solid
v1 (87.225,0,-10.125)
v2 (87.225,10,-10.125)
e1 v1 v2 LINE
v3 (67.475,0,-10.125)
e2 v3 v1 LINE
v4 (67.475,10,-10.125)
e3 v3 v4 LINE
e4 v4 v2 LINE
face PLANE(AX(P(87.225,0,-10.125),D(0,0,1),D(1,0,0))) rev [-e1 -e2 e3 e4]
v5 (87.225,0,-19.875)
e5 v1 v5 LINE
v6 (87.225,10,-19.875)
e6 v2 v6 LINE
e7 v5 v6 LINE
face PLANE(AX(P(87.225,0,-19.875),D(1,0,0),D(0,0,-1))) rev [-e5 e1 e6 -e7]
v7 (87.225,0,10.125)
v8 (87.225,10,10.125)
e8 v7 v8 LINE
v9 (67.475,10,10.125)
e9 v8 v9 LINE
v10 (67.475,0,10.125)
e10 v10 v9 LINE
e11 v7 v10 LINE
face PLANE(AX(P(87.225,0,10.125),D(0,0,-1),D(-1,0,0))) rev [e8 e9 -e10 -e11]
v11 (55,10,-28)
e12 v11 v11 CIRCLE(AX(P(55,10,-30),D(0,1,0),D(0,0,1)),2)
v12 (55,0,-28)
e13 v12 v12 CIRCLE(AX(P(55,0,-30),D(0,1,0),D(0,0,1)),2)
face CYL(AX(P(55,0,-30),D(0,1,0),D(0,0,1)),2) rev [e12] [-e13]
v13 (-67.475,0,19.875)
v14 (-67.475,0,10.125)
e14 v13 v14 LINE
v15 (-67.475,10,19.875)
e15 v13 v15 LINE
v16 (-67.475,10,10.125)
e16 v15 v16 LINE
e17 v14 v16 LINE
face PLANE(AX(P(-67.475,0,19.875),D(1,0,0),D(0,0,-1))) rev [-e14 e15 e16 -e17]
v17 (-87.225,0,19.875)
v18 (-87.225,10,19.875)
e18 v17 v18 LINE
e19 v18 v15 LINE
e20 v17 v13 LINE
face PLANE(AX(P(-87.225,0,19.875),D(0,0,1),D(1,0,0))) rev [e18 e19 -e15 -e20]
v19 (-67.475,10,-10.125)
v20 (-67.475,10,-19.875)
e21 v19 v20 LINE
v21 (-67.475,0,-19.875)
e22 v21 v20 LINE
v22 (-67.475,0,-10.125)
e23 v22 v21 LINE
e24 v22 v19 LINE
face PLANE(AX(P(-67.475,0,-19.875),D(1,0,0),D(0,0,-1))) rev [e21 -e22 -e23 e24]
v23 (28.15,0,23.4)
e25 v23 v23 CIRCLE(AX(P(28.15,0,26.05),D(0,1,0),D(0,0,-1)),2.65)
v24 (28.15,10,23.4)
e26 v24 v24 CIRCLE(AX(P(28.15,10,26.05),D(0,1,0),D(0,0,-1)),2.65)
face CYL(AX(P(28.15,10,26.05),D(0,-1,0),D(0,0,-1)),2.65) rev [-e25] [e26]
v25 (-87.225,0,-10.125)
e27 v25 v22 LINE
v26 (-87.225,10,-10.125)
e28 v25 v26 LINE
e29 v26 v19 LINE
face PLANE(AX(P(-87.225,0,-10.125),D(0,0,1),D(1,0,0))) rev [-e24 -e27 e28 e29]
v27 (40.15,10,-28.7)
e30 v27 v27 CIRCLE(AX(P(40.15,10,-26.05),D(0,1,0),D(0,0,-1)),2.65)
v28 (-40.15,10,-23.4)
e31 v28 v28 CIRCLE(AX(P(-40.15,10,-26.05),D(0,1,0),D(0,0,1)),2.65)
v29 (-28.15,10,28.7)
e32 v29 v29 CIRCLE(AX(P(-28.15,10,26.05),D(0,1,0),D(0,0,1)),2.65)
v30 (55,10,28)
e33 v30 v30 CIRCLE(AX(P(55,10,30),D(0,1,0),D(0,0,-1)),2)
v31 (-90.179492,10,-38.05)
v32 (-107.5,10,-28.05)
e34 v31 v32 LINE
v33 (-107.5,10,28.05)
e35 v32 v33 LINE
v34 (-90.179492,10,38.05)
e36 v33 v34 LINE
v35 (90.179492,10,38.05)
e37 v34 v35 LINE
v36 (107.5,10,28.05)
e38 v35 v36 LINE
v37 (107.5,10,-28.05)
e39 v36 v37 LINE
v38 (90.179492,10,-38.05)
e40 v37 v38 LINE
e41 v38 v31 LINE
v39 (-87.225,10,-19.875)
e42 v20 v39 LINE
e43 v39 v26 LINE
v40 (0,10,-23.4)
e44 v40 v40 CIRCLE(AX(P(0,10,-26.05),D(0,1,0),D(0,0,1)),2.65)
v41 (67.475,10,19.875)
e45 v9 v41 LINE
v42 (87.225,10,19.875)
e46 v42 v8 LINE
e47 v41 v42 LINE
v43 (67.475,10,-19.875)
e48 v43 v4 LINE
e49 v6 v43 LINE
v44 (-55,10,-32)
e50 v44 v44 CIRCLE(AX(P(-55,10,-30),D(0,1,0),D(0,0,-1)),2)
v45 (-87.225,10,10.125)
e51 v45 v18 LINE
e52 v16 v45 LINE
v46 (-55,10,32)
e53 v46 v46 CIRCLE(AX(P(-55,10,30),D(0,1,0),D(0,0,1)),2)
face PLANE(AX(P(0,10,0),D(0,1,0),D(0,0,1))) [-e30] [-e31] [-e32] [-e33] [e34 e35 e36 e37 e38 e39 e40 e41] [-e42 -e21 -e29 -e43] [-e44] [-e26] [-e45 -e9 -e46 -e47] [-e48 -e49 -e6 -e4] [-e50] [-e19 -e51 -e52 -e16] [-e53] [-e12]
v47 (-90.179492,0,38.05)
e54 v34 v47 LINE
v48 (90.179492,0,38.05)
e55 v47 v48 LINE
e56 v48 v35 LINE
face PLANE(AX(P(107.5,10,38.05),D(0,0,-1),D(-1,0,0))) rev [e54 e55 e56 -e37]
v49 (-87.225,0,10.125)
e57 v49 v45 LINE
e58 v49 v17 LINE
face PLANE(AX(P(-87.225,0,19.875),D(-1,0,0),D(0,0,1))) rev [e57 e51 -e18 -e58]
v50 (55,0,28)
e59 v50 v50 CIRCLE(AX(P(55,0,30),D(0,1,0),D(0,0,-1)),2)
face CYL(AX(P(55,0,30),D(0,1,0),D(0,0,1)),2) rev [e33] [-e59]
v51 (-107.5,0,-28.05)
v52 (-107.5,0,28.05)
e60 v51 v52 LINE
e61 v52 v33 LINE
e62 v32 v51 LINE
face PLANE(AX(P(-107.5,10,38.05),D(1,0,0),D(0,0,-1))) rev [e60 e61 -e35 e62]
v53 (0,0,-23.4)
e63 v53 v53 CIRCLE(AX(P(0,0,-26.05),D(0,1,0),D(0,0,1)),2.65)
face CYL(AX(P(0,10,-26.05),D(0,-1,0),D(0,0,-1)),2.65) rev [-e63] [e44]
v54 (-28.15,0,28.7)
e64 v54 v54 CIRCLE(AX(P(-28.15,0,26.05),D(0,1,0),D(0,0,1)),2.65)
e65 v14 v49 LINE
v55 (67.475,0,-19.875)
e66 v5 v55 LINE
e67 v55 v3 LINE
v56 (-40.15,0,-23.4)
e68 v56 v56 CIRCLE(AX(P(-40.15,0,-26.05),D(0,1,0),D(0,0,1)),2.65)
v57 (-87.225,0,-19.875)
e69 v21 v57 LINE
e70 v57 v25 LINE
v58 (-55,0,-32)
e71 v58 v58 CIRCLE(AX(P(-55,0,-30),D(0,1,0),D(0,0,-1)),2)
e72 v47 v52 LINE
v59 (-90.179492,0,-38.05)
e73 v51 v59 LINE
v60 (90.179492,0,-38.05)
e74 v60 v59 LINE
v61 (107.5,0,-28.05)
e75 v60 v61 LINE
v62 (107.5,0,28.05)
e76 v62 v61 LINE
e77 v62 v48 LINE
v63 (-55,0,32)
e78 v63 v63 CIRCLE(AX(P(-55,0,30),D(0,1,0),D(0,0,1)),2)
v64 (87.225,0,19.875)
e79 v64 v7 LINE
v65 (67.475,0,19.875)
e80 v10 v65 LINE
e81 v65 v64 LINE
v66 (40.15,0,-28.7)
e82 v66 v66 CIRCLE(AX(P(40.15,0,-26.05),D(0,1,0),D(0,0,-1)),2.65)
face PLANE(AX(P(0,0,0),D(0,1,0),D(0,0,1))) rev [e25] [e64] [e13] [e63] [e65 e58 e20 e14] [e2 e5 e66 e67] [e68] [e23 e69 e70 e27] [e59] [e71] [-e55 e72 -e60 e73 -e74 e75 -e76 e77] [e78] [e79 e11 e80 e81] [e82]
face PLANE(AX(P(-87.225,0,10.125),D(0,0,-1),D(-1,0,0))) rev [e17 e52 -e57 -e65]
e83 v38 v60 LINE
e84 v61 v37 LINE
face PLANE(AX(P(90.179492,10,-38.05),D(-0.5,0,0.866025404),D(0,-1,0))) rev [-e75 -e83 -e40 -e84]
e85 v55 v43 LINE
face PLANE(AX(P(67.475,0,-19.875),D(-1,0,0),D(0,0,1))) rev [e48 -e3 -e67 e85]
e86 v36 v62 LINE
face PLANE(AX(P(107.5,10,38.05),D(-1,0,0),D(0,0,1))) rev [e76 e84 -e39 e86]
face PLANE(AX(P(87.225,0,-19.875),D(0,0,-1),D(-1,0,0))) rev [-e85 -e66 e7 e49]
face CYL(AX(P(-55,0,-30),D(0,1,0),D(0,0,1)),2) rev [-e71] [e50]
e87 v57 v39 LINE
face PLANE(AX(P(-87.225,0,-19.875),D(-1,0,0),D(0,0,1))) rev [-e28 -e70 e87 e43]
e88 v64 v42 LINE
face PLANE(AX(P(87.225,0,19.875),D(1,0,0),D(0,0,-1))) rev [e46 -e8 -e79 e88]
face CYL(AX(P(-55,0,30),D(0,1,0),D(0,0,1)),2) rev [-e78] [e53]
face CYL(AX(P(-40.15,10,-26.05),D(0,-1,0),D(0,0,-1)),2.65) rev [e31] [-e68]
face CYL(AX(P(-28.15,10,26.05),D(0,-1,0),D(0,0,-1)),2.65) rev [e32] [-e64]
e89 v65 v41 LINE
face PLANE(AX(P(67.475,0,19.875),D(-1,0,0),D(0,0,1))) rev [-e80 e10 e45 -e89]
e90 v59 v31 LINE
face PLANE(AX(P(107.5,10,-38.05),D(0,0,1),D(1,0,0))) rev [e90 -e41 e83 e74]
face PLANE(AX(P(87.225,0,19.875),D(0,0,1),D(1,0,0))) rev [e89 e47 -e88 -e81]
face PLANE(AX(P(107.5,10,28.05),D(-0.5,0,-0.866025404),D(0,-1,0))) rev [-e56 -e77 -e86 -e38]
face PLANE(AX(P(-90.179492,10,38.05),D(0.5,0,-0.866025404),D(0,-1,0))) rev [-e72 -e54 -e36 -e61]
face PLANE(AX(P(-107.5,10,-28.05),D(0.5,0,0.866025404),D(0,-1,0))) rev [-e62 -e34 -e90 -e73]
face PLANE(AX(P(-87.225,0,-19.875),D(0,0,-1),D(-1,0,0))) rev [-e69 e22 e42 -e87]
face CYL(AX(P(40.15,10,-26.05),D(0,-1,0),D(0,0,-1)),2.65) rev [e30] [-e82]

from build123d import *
from OCP.BRepFilletAPI import BRepFilletAPI_MakeChamfer

# Parameters (mm, degrees)
SKETCH1_W           = 215
SKETCH1_H           = 76.1
SKETCH1_R           = 2.65
BOSS_EXTRUDE1_DEPTH = 10
SKETCH2_W           = 19.75
SKETCH2_H           = 9.75
CUT_EXTRUDE1_DEPTH  = 115.472933482
CHAMFER1_SIZE       = 10
CHAMFER1_SIZE2      = 17.320508076
SKETCH3_R           = 2
CUT_EXTRUDE2_DEPTH  = 115.472933482


with BuildPart() as part:
    # Sketch1 → Boss-Extrude1 (new body)
    with BuildSketch(Plane(origin=(0, 0, 0), x_dir=(1, 0, 0), z_dir=(0, 1, 0))):
        Rectangle(SKETCH1_W, SKETCH1_H)
        with Locations(Location((-40.15, 26.05, 0), (0, 0, 270))):
            Circle(SKETCH1_R, mode=Mode.SUBTRACT)
        with Locations(Location((40.15, 26.05, 0), (0, 0, 90))):
            Circle(SKETCH1_R, mode=Mode.SUBTRACT)
        with Locations(Location((0, 26.05, 0), (0, 0, 270))):
            Circle(SKETCH1_R, mode=Mode.SUBTRACT)
        with Locations(Location((-28.15, -26.05, 0), (0, 0, 270))):
            Circle(SKETCH1_R, mode=Mode.SUBTRACT)
        with Locations(Location((28.15, -26.05, 0), (0, 0, 90))):
            Circle(SKETCH1_R, mode=Mode.SUBTRACT)
    extrude(amount=BOSS_EXTRUDE1_DEPTH)

    # Sketch2 → Cut-Extrude1 (cut, through all)
    with BuildSketch(Plane(origin=(0, 10, 0), x_dir=(1, 0, 0), z_dir=(0, 1, 0))):
        with Locations((-77.35, -15)):
            Rectangle(SKETCH2_W, SKETCH2_H)
        with Locations((-77.35, 15)):
            Rectangle(SKETCH2_W, SKETCH2_H)
        with Locations((77.35, 15)):
            Rectangle(SKETCH2_W, SKETCH2_H)
        with Locations((77.35, -15)):
            Rectangle(SKETCH2_W, SKETCH2_H)
    extrude(amount=-CUT_EXTRUDE1_DEPTH, mode=Mode.SUBTRACT)

    # Chamfer1: one chamfer whose edges measure the first distance from different faces: ONE call of the kernel's chamfer builder (chamfer() names one face for all edges)
    chamfer1_edges_1 = [part.edges().sort_by_distance(p)[0] for p in [
        (-107.5, 5, -38.05),
        (-107.5, 5, 38.05),
    ]]
    chamfer1_side_1 = [part.faces().sort_by_distance(p)[0] for p in [
        (-107.5, 5, 0),
    ]]
    chamfer1_edges_2 = [part.edges().sort_by_distance(p)[0] for p in [
        (107.5, 5, -38.05),
        (107.5, 5, 38.05),
    ]]
    chamfer1_side_2 = [part.faces().sort_by_distance(p)[0] for p in [
        (107.5, 5, 0),
    ]]
    chamfer1 = BRepFilletAPI_MakeChamfer(part.part.solid().wrapped)
    for e in chamfer1_edges_1:
        chamfer1.Add(CHAMFER1_SIZE, CHAMFER1_SIZE2, e.wrapped, chamfer1_side_1[0].wrapped)  # the first distance lies on this face
    for e in chamfer1_edges_2:
        chamfer1.Add(CHAMFER1_SIZE, CHAMFER1_SIZE2, e.wrapped, chamfer1_side_2[0].wrapped)  # the first distance lies on this face
    add(Compound.cast(chamfer1.Shape()), mode=Mode.REPLACE)

    # Sketch3 → Cut-Extrude2 (cut, through all)
    with BuildSketch(Plane(origin=(0, 10, 0), x_dir=(1, 0, 0), z_dir=(0, 1, 0))):
        with Locations(Location((-55, -30, 0), (0, 0, 270))):
            Circle(SKETCH3_R)
        with Locations(Location((-55, 30, 0), (0, 0, 90))):
            Circle(SKETCH3_R)
        with Locations(Location((55, -30, 0), (0, 0, 90))):
            Circle(SKETCH3_R)
        with Locations(Location((55, 30, 0), (0, 0, 270))):
            Circle(SKETCH3_R)
    extrude(amount=-CUT_EXTRUDE2_DEPTH, mode=Mode.SUBTRACT)


solid = part.part
